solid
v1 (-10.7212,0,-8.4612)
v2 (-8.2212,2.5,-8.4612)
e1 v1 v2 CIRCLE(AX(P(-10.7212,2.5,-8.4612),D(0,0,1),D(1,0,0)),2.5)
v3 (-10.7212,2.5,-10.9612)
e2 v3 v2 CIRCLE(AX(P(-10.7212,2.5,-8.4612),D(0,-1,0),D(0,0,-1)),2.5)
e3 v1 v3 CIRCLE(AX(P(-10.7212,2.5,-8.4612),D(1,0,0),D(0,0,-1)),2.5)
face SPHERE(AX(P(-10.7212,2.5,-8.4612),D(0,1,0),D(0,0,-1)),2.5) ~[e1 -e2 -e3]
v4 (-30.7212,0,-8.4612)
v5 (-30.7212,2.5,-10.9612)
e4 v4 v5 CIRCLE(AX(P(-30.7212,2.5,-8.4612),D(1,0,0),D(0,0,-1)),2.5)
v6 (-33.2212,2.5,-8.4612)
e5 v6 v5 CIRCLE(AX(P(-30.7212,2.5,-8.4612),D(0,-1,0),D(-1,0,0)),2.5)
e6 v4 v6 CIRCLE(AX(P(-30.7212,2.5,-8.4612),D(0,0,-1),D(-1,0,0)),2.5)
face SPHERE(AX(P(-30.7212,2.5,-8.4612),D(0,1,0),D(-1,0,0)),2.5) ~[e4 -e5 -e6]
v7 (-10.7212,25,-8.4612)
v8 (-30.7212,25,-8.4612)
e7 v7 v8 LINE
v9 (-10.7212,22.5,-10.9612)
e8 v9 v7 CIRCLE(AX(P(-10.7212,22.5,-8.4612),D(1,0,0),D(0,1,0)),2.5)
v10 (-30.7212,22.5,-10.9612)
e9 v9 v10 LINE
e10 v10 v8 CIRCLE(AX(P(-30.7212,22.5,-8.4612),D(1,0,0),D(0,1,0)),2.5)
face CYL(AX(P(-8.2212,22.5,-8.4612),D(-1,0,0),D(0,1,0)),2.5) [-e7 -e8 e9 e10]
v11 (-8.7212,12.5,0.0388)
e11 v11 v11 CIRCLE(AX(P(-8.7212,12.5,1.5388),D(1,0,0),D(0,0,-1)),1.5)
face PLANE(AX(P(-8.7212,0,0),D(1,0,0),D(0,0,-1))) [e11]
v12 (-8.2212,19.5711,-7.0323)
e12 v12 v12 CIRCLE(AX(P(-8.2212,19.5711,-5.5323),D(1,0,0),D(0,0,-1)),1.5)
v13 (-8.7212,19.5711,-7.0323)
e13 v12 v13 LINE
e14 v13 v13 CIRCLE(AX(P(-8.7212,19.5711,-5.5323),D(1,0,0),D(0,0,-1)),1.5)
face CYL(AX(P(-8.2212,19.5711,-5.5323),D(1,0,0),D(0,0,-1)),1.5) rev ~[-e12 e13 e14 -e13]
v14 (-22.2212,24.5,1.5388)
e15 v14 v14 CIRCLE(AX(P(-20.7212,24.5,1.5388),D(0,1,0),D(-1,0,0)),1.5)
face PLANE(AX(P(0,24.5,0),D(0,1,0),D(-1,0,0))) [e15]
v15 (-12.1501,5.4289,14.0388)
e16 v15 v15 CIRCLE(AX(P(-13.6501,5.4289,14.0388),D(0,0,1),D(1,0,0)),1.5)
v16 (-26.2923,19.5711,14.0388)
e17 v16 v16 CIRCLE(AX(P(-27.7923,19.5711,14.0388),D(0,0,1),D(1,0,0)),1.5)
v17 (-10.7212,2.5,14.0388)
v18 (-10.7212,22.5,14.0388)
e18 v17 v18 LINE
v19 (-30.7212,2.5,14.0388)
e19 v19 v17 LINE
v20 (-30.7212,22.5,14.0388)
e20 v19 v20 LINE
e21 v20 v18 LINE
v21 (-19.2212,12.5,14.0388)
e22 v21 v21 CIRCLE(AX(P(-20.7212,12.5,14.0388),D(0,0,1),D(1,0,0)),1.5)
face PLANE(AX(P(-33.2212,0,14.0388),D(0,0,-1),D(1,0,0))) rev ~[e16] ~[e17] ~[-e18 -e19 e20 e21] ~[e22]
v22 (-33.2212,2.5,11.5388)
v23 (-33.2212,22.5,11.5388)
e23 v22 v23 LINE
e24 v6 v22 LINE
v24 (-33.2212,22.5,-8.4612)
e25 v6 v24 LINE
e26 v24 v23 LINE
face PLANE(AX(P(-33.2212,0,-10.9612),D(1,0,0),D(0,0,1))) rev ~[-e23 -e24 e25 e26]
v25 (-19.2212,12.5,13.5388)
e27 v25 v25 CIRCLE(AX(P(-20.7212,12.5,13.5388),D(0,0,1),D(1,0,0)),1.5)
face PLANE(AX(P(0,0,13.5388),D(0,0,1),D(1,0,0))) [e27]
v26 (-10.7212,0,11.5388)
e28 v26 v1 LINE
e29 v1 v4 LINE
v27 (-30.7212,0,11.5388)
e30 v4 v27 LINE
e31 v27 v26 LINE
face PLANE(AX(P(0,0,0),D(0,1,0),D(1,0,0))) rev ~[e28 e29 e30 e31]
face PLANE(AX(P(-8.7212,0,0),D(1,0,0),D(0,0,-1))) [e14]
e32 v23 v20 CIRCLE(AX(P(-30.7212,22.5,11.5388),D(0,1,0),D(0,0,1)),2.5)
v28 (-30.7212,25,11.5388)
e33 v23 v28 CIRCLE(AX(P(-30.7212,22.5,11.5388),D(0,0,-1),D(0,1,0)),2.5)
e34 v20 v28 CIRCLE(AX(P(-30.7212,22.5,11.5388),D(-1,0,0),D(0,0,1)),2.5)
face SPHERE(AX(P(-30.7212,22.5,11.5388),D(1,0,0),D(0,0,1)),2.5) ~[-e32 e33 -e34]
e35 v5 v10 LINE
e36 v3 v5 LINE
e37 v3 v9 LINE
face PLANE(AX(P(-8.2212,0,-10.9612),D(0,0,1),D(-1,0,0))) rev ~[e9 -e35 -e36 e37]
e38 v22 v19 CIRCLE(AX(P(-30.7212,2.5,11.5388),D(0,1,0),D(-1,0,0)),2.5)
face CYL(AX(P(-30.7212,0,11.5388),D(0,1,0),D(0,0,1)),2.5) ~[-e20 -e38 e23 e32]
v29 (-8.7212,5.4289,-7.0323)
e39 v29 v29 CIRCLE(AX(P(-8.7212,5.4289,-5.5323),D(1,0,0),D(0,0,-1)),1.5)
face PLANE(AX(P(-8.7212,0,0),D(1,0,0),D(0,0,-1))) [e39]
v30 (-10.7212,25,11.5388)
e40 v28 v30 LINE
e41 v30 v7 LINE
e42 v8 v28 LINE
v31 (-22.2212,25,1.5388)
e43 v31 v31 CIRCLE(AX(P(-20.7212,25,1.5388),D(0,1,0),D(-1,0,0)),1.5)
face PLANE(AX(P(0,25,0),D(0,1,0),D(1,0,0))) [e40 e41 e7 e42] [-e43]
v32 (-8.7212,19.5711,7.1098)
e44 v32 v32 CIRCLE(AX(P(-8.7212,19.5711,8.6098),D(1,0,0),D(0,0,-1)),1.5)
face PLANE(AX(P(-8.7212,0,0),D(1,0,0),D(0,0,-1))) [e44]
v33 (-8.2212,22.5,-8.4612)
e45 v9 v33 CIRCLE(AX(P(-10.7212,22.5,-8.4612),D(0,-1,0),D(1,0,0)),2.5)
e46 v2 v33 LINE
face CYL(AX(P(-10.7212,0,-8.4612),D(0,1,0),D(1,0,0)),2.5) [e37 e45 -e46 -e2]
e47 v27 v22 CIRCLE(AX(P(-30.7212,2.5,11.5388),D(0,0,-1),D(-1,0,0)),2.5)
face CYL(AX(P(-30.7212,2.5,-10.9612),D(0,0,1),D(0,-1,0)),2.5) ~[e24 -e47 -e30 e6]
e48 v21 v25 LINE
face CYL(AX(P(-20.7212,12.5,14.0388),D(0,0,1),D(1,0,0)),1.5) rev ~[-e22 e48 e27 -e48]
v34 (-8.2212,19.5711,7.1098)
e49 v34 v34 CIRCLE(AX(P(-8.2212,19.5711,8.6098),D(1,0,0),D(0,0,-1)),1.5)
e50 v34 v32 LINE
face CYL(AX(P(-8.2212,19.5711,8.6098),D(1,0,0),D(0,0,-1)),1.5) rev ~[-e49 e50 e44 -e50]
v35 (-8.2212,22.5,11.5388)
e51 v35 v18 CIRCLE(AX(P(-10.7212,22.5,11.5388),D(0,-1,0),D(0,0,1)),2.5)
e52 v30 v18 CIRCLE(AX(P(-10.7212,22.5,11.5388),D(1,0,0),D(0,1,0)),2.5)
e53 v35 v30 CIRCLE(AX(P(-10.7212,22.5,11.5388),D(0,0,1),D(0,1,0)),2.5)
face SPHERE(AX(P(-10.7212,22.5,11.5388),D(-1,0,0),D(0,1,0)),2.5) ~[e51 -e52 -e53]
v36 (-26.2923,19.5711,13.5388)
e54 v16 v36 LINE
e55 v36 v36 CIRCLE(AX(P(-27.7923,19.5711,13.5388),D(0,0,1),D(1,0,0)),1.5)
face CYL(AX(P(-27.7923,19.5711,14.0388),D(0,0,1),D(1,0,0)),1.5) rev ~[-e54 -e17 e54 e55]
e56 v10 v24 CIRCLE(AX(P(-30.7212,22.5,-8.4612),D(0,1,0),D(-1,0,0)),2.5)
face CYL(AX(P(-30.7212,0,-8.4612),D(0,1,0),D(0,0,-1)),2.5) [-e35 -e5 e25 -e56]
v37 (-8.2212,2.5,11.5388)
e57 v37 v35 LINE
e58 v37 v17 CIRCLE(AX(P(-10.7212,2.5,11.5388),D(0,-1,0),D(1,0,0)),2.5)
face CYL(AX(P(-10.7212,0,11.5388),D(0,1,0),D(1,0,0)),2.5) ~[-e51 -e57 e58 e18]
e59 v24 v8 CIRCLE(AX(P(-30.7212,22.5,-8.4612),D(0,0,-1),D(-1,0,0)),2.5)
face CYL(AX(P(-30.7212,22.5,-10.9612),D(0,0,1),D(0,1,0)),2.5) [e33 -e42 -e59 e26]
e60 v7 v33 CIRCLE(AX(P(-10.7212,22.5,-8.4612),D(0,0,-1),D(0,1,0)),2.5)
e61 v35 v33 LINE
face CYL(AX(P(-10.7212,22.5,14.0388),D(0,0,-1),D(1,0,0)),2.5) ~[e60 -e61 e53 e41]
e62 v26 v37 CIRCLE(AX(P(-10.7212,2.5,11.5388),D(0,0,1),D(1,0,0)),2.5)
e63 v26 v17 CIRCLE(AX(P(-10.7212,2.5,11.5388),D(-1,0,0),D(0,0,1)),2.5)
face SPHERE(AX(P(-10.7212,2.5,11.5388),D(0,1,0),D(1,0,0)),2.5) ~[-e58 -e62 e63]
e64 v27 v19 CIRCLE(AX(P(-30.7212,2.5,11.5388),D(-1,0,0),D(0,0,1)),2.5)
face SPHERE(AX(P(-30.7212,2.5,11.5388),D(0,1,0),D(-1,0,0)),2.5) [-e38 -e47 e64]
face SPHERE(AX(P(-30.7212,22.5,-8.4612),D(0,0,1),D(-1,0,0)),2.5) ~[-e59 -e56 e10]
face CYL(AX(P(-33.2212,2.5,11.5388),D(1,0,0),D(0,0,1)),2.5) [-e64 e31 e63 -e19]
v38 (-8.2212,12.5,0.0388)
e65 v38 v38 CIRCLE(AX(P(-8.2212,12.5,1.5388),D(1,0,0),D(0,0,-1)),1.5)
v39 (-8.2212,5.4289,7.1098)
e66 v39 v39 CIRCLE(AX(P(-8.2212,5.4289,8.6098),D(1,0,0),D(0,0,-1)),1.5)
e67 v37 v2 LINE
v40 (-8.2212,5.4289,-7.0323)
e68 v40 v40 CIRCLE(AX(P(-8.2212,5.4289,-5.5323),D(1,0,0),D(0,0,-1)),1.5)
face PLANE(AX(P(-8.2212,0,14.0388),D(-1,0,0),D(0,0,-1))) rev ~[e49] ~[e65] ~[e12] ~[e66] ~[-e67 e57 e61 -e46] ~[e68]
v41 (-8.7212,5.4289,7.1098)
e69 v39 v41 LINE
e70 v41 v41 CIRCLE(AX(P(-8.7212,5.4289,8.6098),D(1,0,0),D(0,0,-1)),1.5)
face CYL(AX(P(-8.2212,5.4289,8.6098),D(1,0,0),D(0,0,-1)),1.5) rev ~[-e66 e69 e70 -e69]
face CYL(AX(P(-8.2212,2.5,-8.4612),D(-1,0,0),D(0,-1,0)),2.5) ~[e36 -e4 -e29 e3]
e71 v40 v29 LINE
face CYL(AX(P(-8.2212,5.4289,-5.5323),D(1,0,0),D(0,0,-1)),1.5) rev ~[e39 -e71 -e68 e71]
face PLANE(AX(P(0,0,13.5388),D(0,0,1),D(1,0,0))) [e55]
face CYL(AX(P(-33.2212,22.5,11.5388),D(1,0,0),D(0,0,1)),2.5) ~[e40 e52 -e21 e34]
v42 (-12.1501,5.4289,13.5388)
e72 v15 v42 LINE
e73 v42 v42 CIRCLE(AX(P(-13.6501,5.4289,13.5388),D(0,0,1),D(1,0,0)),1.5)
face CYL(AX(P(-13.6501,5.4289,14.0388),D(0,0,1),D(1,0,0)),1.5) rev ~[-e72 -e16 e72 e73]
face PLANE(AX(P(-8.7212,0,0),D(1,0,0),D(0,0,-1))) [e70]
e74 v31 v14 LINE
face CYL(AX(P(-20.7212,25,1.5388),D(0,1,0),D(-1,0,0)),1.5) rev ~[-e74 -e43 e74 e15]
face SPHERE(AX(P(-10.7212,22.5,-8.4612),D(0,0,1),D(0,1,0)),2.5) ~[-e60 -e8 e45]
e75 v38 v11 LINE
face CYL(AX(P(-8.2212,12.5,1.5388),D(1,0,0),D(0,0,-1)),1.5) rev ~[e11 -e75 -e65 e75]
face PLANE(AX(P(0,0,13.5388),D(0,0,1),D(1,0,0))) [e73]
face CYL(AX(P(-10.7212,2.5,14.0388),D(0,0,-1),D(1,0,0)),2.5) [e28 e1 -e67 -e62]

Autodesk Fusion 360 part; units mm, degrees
sketch "Esquisse4" plane through (0, 0, 0) normal (0, 1, 0) x (1, 0, 0)
  line L0 (-8.2212, 10.9612) -> (-33.2212, 10.9612)
  line L1 (-33.2212, 10.9612) -> (-33.2212, -14.0388)
  line L2 (-33.2212, -14.0388) -> (-8.2212, -14.0388)
  line L3 (-8.2212, -14.0388) -> (-8.2212, 10.9612)
  dimension "d13" = 25
  dimension "d14" = 25
extrude "Extrusion4" add sketch "Esquisse4" along normal blind 25
sketch "Esquisse5" plane through (0, 25, 0) normal (0, 1, 0) x (-1, 0, 0)
  line L0 (8.2212, 14.0388) -> (8.2212, -10.9612)
  line L1 (8.2212, -10.9612) -> (33.2212, -10.9612)
  line L2 (33.2212, -10.9612) -> (33.2212, 14.0388)
  line L3 (33.2212, 14.0388) -> (8.2212, 14.0388)
  circle A0 centre (20.7212, 1.5388) radius 1.5
  line L4 (33.2212, -10.9612) -> (8.2212, 14.0388) construction
  dimension "d19" = 3
extrude "Extrusion5" cut sketch "Esquisse5" against normal blind 0.5 contours A0
sketch "Esquisse7" plane through (0, 0, 14.0388) normal (0, 0, 1) x (1, 0, 0)
  line L0 (-33.2212, 0) -> (-8.2212, 0)
  line L1 (-8.2212, 0) -> (-8.2212, 25)
  line L2 (-8.2212, 25) -> (-33.2212, 25)
  line L3 (-33.2212, 25) -> (-33.2212, 0)
  line L4 (-33.2212, 25) -> (-8.2212, 0) construction
  line L5 (-33.2212, 0) -> (-8.2212, 25) construction
  circle A0 centre (-20.7212, 12.5) radius 1.5
  circle A1 centre (-27.7923, 19.5711) radius 1.5
  circle A2 centre (-13.6501, 5.4289) radius 1.5
  dimension "d20" = 3
  dimension "d21" = 10
extrude "Extrusion6" cut sketch "Esquisse7" against normal blind 0.5 contours A0 | A1 | A2
sketch "Esquisse8" plane through (-8.2212, 0, 0) normal (1, 0, 0) x (0, 0, -1)
  line L0 (-14.0388, 0) -> (10.9612, 0)
  line L1 (10.9612, 0) -> (10.9612, 25)
  line L2 (10.9612, 25) -> (-14.0388, 25)
  line L3 (-14.0388, 25) -> (-14.0388, 0)
  line L4 (-14.0388, 25) -> (10.9612, 0) construction
  circle A0 centre (-1.5388, 12.5) radius 1.5
  line L5 (-14.0388, 0) -> (10.9612, 25) construction
  circle A1 centre (-8.6098, 19.5711) radius 1.5
  circle A2 centre (-8.6098, 5.4289) radius 1.5
  circle A3 centre (5.5323, 5.4289) radius 1.5
  circle A4 centre (5.5323, 19.5711) radius 1.5
  dimension "d24" = 3
  dimension "d25" = 3
  dimension "d27" = 360
  dimension "d28" = 10
extrude "Extrusion7" cut sketch "Esquisse8" against normal blind 0.5 contours A0 | A1 | A2 | A3 | A4
fillet "Congé2" radius 2.5 12 edges at (-20.7212, 25, 14.0388) (-8.2212, 25, 1.5388) (-8.2212, 12.5, 14.0388) (-33.2212, 12.5, 14.0388) (-33.2212, 25, 1.5388) (-33.2212, 12.5, -10.9612) (-33.2212, 0, 1.5388) (-20.7212, 25, -10.9612) (-8.2212, 12.5, -10.9612) (-20.7212, 0, -10.9612) (-8.2212, 0, 1.5388) (-20.7212, 0, 14.0388)
sketch "Esquisse9" plane through (0, 0, 0) normal (1, 0, 0) x (0, 0, -1)
  circle A0 centre (-30.7056, 27.1014) radius 10
  dimension "d33" = 20
equation "d14 = d13"
equation "d15 = d13"
